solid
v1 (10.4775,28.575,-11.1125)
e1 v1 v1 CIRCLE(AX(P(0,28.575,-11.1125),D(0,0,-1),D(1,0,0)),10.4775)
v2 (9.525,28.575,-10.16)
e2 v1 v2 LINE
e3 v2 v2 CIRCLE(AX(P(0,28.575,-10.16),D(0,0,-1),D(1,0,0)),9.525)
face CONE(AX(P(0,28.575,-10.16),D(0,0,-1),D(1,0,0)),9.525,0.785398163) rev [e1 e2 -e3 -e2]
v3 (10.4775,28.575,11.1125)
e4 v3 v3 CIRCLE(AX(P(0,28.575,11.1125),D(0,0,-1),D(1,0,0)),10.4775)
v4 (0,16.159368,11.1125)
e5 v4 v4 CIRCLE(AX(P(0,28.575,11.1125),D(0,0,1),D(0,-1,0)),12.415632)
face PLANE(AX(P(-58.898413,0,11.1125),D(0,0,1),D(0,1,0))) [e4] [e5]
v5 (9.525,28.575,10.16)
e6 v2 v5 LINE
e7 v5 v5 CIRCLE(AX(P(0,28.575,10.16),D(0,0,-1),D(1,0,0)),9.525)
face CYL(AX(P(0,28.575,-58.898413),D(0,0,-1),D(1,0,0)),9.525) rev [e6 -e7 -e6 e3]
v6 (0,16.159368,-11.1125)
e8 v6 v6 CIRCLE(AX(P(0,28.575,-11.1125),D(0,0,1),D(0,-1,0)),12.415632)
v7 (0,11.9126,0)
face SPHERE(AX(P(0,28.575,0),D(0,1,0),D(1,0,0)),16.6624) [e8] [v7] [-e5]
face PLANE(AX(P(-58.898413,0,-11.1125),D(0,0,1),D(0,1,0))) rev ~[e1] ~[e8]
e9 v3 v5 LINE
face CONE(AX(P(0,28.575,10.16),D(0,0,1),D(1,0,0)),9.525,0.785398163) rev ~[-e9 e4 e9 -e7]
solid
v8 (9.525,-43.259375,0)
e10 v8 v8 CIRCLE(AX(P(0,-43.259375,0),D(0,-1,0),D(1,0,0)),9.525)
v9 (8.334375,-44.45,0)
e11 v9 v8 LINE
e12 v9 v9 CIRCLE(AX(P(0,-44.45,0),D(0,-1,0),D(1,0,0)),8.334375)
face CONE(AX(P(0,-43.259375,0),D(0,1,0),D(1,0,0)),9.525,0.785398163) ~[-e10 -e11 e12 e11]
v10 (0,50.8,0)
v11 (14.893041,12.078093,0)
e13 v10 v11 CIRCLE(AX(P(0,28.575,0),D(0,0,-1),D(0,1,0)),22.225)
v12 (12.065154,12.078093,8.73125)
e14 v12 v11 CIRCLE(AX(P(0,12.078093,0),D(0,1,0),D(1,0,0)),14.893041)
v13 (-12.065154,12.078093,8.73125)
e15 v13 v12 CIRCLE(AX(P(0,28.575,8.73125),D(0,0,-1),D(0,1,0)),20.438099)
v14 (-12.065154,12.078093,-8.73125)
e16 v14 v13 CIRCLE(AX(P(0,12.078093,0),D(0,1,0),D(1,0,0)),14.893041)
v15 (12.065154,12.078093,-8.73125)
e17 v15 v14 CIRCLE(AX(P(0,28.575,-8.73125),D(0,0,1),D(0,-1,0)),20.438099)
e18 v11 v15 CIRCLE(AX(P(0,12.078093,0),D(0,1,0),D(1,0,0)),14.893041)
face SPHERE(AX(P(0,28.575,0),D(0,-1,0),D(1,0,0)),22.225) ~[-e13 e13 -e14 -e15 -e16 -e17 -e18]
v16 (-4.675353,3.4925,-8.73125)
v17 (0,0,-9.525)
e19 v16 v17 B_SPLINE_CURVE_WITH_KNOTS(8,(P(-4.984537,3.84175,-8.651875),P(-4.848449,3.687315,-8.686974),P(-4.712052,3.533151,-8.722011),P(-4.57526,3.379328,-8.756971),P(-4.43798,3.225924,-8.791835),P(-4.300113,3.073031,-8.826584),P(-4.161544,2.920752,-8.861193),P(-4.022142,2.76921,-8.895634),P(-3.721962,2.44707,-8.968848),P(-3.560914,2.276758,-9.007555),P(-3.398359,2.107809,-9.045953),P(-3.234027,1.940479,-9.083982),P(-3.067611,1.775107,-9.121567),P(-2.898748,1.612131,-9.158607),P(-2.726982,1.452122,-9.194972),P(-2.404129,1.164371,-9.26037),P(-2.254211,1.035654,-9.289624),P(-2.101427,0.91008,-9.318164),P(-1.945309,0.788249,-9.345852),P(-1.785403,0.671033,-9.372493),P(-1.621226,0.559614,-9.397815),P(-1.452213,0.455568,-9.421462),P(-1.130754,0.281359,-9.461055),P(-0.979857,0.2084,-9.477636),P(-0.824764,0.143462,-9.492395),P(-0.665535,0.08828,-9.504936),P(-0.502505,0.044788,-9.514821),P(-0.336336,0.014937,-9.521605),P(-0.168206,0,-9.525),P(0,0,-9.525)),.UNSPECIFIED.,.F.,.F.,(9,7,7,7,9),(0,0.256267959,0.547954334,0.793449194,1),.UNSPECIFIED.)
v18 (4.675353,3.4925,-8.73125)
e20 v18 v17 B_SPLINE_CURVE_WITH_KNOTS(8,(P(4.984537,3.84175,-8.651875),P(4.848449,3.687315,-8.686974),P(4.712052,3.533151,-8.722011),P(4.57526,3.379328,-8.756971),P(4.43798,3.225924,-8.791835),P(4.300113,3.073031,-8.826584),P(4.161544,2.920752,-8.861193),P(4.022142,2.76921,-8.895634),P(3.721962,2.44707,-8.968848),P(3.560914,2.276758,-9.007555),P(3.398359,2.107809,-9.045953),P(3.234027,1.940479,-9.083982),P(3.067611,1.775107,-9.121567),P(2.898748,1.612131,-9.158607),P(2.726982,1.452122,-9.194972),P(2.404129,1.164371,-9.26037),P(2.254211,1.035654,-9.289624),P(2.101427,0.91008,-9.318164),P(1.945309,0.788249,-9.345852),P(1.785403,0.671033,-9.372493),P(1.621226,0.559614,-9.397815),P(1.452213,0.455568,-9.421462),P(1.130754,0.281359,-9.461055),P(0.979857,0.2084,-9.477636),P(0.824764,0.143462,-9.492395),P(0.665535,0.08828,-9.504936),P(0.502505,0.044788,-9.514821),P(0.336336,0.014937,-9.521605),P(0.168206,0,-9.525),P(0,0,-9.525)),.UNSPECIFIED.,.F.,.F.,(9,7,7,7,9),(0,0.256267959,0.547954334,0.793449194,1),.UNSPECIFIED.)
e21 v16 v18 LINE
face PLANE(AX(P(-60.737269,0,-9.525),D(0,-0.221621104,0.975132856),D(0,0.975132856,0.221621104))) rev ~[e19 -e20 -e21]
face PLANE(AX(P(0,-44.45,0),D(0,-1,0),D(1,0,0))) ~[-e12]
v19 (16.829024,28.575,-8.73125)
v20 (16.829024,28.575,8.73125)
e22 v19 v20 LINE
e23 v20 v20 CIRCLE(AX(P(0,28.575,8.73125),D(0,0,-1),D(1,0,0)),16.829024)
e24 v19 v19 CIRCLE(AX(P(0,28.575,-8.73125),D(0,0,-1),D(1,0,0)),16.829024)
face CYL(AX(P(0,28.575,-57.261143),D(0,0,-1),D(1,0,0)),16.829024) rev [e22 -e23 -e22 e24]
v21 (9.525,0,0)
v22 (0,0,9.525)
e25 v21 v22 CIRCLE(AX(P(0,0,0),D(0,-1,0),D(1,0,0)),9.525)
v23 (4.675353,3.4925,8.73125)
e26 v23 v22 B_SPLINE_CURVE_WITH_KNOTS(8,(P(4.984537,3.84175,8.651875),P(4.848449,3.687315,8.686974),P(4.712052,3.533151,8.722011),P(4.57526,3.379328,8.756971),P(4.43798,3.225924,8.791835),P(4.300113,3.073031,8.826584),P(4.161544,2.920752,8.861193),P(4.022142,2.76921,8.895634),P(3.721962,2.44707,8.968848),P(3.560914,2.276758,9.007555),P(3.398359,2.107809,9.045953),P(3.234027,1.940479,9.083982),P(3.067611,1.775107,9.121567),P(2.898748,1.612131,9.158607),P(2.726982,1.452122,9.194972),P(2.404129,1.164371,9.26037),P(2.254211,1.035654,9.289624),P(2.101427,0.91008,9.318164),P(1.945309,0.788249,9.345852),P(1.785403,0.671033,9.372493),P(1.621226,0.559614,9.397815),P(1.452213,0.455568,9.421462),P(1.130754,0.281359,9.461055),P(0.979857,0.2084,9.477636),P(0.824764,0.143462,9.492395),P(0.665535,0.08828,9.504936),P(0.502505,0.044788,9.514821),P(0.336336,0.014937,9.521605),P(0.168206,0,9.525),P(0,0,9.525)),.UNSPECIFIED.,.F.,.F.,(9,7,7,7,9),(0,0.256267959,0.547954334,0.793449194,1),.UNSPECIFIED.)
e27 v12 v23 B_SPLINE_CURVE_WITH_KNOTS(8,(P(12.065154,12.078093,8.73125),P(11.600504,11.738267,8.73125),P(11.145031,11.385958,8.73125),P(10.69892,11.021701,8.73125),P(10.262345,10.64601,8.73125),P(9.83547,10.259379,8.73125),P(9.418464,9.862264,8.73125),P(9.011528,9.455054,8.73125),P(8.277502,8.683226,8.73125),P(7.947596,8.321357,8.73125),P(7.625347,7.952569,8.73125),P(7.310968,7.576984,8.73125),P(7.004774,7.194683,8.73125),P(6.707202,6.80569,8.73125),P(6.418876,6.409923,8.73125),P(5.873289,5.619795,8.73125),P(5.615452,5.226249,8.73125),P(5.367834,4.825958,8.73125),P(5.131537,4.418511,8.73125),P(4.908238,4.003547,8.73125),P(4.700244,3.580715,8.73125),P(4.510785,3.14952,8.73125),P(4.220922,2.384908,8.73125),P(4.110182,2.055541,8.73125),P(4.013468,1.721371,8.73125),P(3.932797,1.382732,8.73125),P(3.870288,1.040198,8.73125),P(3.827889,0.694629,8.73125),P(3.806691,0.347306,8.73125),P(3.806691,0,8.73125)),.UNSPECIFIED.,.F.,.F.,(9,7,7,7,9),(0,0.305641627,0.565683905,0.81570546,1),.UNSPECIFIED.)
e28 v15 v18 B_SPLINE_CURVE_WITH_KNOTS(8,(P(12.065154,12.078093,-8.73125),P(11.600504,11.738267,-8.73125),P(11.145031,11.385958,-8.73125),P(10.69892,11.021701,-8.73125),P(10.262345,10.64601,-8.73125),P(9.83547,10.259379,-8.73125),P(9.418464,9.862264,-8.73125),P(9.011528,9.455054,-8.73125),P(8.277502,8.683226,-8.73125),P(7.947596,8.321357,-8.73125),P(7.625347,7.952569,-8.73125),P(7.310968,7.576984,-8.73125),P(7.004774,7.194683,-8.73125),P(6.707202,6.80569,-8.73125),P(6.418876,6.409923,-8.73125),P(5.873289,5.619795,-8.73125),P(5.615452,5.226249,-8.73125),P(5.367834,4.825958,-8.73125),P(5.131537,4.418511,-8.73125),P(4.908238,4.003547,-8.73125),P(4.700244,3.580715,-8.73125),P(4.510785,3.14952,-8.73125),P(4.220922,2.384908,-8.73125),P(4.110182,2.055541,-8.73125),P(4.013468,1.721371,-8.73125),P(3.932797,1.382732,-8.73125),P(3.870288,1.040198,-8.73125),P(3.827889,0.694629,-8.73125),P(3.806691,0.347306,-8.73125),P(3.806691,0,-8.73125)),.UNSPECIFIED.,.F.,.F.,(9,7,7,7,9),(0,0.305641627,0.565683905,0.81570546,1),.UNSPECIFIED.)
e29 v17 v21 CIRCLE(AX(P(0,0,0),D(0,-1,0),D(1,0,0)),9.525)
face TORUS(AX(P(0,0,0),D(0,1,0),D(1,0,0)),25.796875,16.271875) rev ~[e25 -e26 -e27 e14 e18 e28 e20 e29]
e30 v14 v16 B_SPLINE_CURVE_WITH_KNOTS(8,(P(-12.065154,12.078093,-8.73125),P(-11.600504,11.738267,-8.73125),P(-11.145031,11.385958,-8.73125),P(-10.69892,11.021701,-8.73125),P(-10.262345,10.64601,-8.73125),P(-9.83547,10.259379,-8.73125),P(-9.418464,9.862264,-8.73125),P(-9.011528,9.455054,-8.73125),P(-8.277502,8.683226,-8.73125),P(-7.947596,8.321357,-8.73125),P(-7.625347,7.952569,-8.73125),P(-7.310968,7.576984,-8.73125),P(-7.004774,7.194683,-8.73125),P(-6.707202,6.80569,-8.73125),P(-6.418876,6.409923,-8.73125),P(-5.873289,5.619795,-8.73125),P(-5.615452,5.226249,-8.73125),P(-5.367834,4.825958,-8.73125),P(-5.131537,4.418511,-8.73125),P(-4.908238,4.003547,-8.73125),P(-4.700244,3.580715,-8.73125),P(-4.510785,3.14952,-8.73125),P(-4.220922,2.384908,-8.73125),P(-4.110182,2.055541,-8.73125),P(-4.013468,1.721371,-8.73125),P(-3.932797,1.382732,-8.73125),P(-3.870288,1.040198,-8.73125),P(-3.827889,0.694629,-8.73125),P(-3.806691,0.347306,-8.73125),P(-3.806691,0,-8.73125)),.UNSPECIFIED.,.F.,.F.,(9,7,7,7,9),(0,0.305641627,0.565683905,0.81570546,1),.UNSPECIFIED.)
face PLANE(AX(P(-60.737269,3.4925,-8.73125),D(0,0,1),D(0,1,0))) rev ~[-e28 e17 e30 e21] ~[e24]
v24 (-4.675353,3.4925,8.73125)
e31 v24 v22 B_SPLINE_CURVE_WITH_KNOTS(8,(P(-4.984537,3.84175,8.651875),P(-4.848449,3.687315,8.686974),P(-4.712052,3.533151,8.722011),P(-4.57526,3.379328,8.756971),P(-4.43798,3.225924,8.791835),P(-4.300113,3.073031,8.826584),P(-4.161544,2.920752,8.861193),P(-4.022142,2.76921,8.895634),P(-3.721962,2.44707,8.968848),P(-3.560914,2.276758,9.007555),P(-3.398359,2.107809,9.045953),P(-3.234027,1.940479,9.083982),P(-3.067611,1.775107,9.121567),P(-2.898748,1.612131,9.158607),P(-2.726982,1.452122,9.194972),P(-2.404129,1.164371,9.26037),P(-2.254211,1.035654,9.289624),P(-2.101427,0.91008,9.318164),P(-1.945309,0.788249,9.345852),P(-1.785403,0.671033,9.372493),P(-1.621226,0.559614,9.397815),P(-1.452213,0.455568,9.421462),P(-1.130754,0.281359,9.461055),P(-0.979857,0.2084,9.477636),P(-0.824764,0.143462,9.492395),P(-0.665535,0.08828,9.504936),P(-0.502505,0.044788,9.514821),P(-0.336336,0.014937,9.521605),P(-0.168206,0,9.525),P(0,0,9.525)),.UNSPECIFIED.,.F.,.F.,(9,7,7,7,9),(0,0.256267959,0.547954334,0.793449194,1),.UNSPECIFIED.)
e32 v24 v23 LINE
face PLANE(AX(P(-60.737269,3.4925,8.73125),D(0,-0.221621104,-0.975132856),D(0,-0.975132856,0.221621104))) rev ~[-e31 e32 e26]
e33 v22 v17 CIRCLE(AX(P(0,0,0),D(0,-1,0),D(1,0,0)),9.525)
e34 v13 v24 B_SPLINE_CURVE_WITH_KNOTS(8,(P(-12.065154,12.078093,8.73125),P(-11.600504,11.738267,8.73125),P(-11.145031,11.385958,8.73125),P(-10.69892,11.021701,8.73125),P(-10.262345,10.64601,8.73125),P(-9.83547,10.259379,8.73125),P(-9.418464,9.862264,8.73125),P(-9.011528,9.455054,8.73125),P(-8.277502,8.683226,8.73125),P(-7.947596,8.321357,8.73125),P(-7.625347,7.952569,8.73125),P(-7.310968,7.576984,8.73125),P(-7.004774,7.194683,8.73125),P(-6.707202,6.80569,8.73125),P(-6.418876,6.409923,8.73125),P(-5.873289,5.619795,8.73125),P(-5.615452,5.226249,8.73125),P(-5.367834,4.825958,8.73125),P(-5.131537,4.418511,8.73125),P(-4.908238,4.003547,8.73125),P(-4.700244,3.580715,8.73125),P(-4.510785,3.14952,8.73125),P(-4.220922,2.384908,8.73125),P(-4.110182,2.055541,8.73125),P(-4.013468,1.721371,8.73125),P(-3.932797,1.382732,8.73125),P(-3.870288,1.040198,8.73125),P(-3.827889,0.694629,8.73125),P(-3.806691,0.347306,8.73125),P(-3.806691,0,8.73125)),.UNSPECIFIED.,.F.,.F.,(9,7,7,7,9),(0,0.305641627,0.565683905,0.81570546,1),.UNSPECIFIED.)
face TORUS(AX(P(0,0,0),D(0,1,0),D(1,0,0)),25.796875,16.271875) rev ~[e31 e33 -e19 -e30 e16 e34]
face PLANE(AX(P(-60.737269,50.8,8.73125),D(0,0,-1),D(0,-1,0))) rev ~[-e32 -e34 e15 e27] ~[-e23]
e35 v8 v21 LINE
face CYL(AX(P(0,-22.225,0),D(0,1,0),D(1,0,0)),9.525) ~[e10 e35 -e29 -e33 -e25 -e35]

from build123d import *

# Parameters (mm, degrees)
SKETCH1_W               = 9.525
SKETCH1_H               = 44.45
CHAMFER2_SIZE           = 1.190625
CUT_EXTRUDE1_DEPTH      = 60.737268518
CUT_EXTRUDE1_DEPTH_BACK = 60.737268518
CUT_EXTRUDE2_DEPTH      = 57.261143358
CUT_EXTRUDE2_DEPTH_BACK = 57.261143358
SKETCH6_R               = 16.829024
CUT_EXTRUDE3_DEPTH      = 58.898412748
CUT_EXTRUDE3_DEPTH_BACK = 58.898412748
SKETCH8_W               = 11.1125
SKETCH8_H               = 50.8
CUT_EXTRUDE4_DEPTH      = 58.898412748
CUT_EXTRUDE4_DEPTH_BACK = 58.898412748
SKETCH10_R              = 9.525
CHAMFER1_SIZE           = 0.9525


with BuildPart() as part:
    # Sketch1 → Revolve1 (revolve)
    with BuildSketch(Plane.XY):
        with Locations((4.7625, -22.225)):
            Rectangle(SKETCH1_W, SKETCH1_H)
    revolve(axis=Axis((0, 50.8, 0), (0, -1, 0)))

    # Chamfer2
    chamfer2_edges = [part.edges().sort_by_distance(p)[0] for p in [
        (-9.525, -44.45, 0),
    ]]
    chamfer(chamfer2_edges, length=CHAMFER2_SIZE)

    # Sketch4 → Revolve2 (revolve)
    with BuildSketch(Plane.XY):
        with BuildLine():
            Line((9.525, 0), (0, 0))
            Line((0, 0), (0, 50.8))
            ThreePointArc((0, 50.8), (20.743606098, 36.553310038), (14.893041237, 12.078092784))
            ThreePointArc((14.893041237, 12.078092784), (10.927447707, 6.608634352), (9.525, 0))
        make_face()
    revolve(axis=Axis((0, 50.8, 0), (0, 1, 0)))

    # Sketch5 → Cut-Extrude1 (cut, two sides: drawn at the far end of the back side and taken through both)
    with BuildSketch(Plane(origin=(0, 0, 0), x_dir=(0, 0, -1), z_dir=(1, 0, 0)).offset(-CUT_EXTRUDE1_DEPTH_BACK)):
        Polygon((8.73125, 50.8), (22.225, 50.8), (22.225, 0), (9.525, 0), (8.73125, 3.4925), align=None)
        Polygon((-8.73125, 50.8), (-8.73125, 3.4925), (-9.525, 0), (-22.225, 0), (-22.225, 50.8), align=None)
    extrude(amount=CUT_EXTRUDE1_DEPTH + CUT_EXTRUDE1_DEPTH_BACK, mode=Mode.SUBTRACT)

    # Sketch6 → Cut-Extrude2 (cut, two sides: drawn at the far end of the back side and taken through both)
    with BuildSketch(Plane.XY.offset(-CUT_EXTRUDE2_DEPTH_BACK)):
        with Locations((0, 28.575)):
            Circle(SKETCH6_R)
    extrude(amount=CUT_EXTRUDE2_DEPTH + CUT_EXTRUDE2_DEPTH_BACK, mode=Mode.SUBTRACT)


with BuildPart() as body_2:
    # Sketch7 → Revolve3 (revolve)
    with BuildSketch(Plane.XY):
        with BuildLine():
            Line((0, 45.2374), (0, 11.9126))
            ThreePointArc((0, 11.9126), (16.6624, 28.575), (0, 45.2374))
        make_face()
    revolve(axis=Axis((0, 0, 0), (0, 1, 0)))

    # Sketch8 → Cut-Extrude3 (cut, two sides: drawn at the far end of the back side and taken through both)
    with BuildSketch(Plane(origin=(0, 0, 0), x_dir=(0, 0, -1), z_dir=(1, 0, 0)).offset(-CUT_EXTRUDE3_DEPTH_BACK)):
        with Locations((-16.66875, 25.4)):
            Rectangle(SKETCH8_W, SKETCH8_H)
        with Locations((16.66875, 25.4)):
            Rectangle(SKETCH8_W, SKETCH8_H)
    extrude(amount=CUT_EXTRUDE3_DEPTH + CUT_EXTRUDE3_DEPTH_BACK, mode=Mode.SUBTRACT)

    # Sketch10 → Cut-Extrude4 (cut, two sides: drawn at the far end of the back side and taken through both)
    with BuildSketch(Plane.XY.offset(-CUT_EXTRUDE4_DEPTH_BACK)):
        with Locations((0, 28.575)):
            Circle(SKETCH10_R)
    extrude(amount=CUT_EXTRUDE4_DEPTH + CUT_EXTRUDE4_DEPTH_BACK, mode=Mode.SUBTRACT)

    # Chamfer1
    chamfer1_edges = [body_2.edges().sort_by_distance(p)[0] for p in [
        (-9.525, 28.575, -11.1125),
        (-9.525, 28.575, 11.1125),
    ]]
    chamfer(chamfer1_edges, length=CHAMFER1_SIZE)


solid = Compound([part.part, body_2.part])
